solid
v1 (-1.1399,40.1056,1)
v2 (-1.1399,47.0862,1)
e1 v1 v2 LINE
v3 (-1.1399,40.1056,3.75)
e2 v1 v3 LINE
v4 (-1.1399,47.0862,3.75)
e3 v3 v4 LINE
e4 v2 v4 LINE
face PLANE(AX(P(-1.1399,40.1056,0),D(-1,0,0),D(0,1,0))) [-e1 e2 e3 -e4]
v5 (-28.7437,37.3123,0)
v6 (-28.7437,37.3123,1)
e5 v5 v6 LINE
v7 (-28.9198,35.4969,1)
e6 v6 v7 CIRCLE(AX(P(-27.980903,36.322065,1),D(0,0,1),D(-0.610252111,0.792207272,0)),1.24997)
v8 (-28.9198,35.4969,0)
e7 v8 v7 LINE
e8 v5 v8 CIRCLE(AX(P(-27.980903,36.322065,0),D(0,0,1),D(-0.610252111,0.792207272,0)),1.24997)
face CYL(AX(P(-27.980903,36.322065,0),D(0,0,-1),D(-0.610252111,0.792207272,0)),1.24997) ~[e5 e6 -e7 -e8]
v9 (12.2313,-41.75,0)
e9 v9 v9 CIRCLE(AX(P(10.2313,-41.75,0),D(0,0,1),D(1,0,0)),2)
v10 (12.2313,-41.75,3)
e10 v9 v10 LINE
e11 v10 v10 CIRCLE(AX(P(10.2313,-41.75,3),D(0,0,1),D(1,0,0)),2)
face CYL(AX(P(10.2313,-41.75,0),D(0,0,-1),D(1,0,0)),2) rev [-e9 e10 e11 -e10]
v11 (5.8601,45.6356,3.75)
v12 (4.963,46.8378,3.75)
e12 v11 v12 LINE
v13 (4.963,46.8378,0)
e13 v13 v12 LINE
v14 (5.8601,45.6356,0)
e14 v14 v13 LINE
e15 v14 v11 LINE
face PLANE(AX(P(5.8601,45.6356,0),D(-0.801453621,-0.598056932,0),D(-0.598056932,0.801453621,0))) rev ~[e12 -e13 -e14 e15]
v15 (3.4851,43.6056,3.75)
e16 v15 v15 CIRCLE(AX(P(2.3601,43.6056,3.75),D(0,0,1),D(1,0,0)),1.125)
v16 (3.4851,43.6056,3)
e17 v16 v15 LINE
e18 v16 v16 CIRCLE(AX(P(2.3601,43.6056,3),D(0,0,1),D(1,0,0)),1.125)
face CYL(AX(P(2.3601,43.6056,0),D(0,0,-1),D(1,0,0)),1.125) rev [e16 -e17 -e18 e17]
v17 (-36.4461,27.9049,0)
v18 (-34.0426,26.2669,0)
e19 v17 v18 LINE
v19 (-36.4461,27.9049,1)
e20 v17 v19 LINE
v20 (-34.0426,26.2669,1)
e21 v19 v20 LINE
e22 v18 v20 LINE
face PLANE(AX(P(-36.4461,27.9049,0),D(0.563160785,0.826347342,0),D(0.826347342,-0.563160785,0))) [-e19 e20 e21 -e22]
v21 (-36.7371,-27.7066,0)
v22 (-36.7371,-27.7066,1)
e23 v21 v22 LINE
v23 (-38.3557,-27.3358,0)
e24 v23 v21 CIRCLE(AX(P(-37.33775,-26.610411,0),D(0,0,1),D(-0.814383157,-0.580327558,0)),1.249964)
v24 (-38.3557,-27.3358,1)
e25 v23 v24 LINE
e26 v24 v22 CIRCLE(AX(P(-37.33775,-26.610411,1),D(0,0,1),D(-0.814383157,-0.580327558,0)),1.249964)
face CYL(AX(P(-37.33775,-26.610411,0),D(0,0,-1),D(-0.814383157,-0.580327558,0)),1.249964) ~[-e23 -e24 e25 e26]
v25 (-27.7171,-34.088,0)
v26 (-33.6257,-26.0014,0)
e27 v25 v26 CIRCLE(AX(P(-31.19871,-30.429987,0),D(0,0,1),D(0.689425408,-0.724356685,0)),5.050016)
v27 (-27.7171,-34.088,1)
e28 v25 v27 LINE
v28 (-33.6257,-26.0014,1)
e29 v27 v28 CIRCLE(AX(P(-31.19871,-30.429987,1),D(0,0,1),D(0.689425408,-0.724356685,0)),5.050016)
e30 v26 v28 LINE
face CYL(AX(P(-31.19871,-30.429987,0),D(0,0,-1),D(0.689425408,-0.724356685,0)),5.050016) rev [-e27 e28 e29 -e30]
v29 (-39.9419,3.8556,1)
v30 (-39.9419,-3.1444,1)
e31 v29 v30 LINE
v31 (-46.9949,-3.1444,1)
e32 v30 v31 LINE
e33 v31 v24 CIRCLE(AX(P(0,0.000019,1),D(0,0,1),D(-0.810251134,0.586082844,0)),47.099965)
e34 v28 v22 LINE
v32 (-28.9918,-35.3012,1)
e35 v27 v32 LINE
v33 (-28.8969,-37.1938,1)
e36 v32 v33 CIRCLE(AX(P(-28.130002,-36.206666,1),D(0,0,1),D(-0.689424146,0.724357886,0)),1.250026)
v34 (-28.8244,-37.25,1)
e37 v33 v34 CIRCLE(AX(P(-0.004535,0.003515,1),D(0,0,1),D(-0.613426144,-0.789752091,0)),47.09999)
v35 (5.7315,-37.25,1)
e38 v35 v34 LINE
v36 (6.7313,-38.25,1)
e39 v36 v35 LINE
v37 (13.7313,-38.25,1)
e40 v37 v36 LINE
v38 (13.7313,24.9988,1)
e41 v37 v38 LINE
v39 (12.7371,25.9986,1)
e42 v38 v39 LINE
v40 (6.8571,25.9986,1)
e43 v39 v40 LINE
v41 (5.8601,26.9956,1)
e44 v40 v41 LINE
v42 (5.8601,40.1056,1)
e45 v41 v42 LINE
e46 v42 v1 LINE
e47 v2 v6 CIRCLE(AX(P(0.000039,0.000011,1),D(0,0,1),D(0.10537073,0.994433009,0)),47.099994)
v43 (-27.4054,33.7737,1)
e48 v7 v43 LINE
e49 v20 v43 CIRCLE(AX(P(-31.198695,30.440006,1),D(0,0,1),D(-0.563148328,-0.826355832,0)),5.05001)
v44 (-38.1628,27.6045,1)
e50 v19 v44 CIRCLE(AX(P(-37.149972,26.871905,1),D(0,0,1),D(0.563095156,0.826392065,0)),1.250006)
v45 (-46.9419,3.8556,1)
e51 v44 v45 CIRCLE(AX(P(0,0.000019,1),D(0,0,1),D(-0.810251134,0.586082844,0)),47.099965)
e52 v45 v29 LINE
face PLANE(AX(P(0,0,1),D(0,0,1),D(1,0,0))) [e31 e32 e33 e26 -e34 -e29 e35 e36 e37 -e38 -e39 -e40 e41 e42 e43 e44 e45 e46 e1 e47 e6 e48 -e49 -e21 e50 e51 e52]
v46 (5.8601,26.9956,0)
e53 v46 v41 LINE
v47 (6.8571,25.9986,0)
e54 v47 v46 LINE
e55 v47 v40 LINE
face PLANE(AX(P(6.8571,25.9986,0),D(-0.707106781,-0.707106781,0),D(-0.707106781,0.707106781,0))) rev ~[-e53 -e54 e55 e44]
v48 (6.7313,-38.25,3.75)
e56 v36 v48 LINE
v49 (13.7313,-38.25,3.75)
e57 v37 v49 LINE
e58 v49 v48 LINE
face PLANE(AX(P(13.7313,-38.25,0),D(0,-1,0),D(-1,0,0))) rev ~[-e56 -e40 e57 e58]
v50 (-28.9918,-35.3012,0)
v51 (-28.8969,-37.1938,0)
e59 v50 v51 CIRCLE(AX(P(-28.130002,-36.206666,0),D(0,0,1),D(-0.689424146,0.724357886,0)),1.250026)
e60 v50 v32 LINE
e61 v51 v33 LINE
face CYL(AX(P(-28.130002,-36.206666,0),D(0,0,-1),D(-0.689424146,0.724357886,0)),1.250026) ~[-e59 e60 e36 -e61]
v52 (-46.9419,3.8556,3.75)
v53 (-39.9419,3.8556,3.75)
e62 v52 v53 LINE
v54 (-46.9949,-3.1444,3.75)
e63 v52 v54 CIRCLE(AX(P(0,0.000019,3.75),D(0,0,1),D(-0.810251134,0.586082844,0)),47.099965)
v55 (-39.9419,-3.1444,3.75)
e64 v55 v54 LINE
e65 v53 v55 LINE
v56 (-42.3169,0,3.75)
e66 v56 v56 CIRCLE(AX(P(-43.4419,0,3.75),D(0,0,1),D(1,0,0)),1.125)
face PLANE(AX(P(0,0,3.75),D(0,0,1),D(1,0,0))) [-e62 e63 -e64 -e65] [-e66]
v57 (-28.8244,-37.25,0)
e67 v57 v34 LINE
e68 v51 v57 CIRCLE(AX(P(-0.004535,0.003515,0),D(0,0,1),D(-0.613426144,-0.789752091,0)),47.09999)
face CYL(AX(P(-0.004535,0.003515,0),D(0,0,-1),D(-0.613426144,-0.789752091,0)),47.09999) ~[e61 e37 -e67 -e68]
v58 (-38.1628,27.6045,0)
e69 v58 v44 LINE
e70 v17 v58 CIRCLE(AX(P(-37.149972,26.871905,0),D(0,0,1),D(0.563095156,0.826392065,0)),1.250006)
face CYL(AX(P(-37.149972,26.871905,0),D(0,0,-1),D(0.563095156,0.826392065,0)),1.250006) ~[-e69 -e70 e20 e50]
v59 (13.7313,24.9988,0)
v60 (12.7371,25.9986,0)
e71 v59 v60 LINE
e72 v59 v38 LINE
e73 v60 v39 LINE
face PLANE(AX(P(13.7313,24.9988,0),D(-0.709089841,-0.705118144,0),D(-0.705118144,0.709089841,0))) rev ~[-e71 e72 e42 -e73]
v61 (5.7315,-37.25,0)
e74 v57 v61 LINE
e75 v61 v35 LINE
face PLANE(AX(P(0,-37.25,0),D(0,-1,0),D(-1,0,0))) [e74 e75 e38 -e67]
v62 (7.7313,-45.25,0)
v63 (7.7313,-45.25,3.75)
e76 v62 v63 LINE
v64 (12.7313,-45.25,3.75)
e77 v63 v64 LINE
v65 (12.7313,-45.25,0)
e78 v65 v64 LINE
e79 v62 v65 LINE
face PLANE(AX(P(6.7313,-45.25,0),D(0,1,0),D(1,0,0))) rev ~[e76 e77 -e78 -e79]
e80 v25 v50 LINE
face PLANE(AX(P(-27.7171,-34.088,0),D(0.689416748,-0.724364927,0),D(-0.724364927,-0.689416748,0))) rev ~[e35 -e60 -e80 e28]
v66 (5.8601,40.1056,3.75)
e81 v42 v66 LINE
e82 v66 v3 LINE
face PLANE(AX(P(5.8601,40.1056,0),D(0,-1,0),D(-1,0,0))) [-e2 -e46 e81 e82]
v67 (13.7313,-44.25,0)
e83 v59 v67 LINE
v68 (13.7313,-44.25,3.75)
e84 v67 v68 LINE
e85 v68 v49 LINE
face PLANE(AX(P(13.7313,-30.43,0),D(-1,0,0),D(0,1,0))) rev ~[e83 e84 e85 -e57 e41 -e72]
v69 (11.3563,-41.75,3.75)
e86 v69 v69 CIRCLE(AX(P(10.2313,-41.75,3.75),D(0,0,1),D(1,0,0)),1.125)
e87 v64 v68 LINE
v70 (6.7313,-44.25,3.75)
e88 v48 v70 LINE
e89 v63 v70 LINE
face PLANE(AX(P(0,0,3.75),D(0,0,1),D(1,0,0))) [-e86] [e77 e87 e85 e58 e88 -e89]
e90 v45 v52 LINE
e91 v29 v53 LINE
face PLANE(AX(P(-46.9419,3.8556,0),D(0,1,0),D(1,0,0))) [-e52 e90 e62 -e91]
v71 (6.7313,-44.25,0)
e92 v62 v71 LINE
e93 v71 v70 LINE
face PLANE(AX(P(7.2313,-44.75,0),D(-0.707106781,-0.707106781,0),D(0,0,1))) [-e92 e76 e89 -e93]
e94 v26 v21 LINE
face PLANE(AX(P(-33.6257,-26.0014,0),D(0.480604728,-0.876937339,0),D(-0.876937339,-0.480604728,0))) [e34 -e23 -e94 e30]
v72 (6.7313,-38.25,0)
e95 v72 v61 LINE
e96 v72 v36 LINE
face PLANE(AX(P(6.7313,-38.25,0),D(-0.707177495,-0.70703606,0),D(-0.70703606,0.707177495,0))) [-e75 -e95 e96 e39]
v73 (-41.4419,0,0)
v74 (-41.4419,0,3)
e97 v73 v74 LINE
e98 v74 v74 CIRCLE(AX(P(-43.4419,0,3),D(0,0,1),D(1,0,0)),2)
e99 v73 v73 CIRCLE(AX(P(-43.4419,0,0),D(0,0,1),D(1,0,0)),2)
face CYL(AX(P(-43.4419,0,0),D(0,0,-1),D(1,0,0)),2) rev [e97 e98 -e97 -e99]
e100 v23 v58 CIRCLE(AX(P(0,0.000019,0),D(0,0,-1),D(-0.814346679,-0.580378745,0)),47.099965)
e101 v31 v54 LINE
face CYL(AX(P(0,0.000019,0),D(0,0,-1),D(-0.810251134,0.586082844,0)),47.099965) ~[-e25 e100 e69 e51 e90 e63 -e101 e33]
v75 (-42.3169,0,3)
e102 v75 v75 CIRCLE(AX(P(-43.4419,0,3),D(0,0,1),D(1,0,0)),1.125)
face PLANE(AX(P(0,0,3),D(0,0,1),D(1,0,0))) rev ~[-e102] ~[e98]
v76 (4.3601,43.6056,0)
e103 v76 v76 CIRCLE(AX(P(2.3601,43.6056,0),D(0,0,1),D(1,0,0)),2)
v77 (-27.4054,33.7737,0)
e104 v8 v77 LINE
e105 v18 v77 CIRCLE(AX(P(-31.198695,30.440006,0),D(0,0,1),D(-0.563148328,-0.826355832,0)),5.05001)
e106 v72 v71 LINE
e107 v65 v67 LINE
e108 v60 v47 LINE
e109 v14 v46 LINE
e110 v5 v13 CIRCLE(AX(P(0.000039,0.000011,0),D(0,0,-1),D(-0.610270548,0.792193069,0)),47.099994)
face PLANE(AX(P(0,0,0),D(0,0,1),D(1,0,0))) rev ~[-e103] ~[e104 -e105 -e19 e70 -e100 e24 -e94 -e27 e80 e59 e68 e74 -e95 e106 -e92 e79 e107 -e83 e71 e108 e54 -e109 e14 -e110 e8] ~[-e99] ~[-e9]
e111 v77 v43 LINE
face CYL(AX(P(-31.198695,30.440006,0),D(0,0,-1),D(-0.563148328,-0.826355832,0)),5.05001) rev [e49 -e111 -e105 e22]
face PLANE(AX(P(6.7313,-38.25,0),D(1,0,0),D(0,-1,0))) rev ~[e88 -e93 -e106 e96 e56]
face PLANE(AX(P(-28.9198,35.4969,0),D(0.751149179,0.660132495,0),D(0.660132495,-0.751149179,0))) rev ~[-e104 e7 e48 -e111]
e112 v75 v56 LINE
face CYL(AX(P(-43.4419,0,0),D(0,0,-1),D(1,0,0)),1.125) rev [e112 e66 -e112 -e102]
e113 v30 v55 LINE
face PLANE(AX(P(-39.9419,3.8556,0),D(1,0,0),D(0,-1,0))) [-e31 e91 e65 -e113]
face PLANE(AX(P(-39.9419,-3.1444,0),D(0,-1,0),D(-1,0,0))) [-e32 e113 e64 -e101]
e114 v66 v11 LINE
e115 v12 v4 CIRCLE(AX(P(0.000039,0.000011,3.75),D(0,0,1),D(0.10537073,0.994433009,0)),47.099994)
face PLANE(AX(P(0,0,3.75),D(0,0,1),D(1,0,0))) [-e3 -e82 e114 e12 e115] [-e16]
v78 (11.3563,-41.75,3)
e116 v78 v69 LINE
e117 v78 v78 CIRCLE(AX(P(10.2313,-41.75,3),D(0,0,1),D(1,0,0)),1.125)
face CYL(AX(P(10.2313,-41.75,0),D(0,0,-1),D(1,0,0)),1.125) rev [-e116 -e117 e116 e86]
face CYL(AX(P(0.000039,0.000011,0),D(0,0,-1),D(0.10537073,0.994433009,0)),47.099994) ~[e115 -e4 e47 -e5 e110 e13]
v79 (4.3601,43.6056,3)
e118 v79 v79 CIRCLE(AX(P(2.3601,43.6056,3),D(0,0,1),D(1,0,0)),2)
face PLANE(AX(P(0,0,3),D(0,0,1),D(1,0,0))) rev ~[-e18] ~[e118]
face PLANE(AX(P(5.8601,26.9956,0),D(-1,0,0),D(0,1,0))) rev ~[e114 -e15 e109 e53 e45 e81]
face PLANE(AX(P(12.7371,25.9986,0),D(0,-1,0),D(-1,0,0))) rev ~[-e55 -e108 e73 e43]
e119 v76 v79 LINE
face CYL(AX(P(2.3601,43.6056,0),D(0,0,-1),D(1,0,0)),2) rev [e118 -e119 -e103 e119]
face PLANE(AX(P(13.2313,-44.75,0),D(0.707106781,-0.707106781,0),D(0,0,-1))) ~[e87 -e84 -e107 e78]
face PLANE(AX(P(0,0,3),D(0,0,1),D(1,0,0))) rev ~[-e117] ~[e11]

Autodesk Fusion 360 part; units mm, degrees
sketch "Esboço1" plane through (0, 0, 0) normal (0, 0, 1) x (1, 0, 0)
  line L0 (0, -37.25) -> (5.7315, -37.25)
  line L1 (0, -37.25) -> (-28.8244, -37.25)
  line L2 (13.7313, -37.25) -> (13.7313, -38.25)
  line L3 (13.7313, -38.25) -> (6.7313, -38.25)
  line L4 (6.7313, -38.25) -> (5.7315, -37.2502)
  line L5 (-33.6257, -26.0014) -> (-36.7371, -27.7066)
  line L6 (-27.7171, -34.088) -> (-28.9918, -35.3012)
  arc A0 (-31.1987, -35.48) -> (-30.9824, -35.4754) centre (-31.1987, -30.43) ccw
  arc A1 (-27.7171, -34.088) -> (-33.6257, -26.0014) centre (-31.1987, -30.43) ccw
  arc A2 (-31.1987, -35.2853) -> (-30.9824, -35.4754) centre (0, 0) ccw
  arc A3 (-28.8969, -37.1938) -> (-28.8244, -37.25) centre (0, 0) ccw
  arc A4 (-28.9918, -35.3012) -> (-28.8969, -37.1938) centre (-28.13, -36.2067) ccw
  arc A5 (-38.3557, -27.3358) -> (-36.7371, -27.7066) centre (-37.3378, -26.6104) ccw
  line L7 (13.7313, -45.25) -> (13.7313, -37.25)
  line L8 (13.7313, -30.43) -> (13.7313, 24.9988)
  line L9 (5.7315, -37.2502) -> (5.7315, -37.25)
  line L10 (13.7313, -37.25) -> (13.7313, -30.43)
  line L11 (6.7313, -38.25) -> (6.7313, -45.25)
  line L12 (6.7313, -45.25) -> (13.7313, -45.25)
  arc A6 (-34.0426, 26.2669) -> (-27.4054, 33.7737) centre (-31.1987, 30.44) ccw
  line L13 (-28.9198, 35.4969) -> (-27.4054, 33.7737)
  line L14 (-36.4461, 27.9049) -> (-34.0426, 26.2669)
  arc A7 (4.963, 46.8378) -> (-28.7437, 37.3123) centre (0, 0) ccw
  arc A8 (-38.1628, 27.6045) -> (-38.3557, -27.3358) centre (0, 0) ccw
  arc A9 (-28.7437, 37.3123) -> (-28.9198, 35.4969) centre (-27.9809, 36.3221) ccw
  arc A10 (-36.4461, 27.9049) -> (-38.1628, 27.6045) centre (-37.15, 26.8719) ccw
  line L15 (13.7313, 24.9988) -> (12.7371, 25.9986)
  line L16 (12.7371, 25.9986) -> (6.8571, 25.9986)
  line L17 (6.8571, 25.9986) -> (5.8601, 26.9956)
  line L18 (5.8601, 26.9956) -> (5.8601, 45.6356)
  line L19 (5.8601, 45.6356) -> (4.963, 46.8378)
  line L20 (5.8601, 40.1056) -> (-1.1399, 40.1056)
  line L21 (-1.1399, 40.1056) -> (-1.1399, 47.0862)
  line L22 (-46.9419, 3.8556) -> (-39.9419, 3.8556)
  line L23 (-39.9419, 3.8556) -> (-39.9419, -3.1444)
  line L24 (-39.9419, -3.1444) -> (-46.9949, -3.1444)
  circle A11 centre (-43.4419, 0) radius 2
  circle A12 centre (-43.4419, 0) radius 1.125
  circle A13 centre (10.2313, -41.75) radius 2
  circle A14 centre (10.2313, -41.75) radius 1.125
  circle A15 centre (2.3601, 43.6056) radius 2
  circle A16 centre (2.3601, 43.6056) radius 1.125
  dimension "d1" = 94.2
  dimension "d3" = 37.25
  dimension "d5" = 1
  dimension "d6" = 7
  dimension "d7" = 1.414
  dimension "d8" = 135
  dimension "d9" = 44.93
  dimension "d11" = 10.1
  dimension "d12" = 1.25
  dimension "d13" = 1.25
  dimension "d14" = 7
  dimension "d16" = 60.87
  dimension "d17" = 10.1
  dimension "d18" = 1.25
  dimension "d19" = 1.25
  dimension "d21" = 1.41
  dimension "d22" = 5.88
  dimension "d23" = 1.41
  dimension "d24" = 135
  dimension "d25" = 18.64
  dimension "d26" = 1.5
  dimension "d28" = 7
  dimension "d30" = 7
  dimension "d31" = 7
  dimension "d32" = 7.053
  dimension "d34" = 4
  dimension "d35" = 2.25
  dimension "d38" = 4
  dimension "d39" = 2.25
  dimension "d41" = 4
  dimension "d42" = 2.25
extrude "Extrusão1" add sketch "Esboço1" along normal blind 1 contours L0 L1 L2 L3 L4 L5 L6 A1 A3 A4 A5 L7 L8 L10 A6 L13 L14 A7 A8 A9 A10 L15 L16 L17 L18 L20 L21 L22 L23 L24
extrude "Extrusão2" add sketch "Esboço1" along normal blind 3.75 contours A8 L22 L23 L24 | A11
extrude "Extrusão3" cut sketch "Esboço1" along normal blind 3 contours A11
extrude "Extrusão4" add sketch "Esboço1" along normal blind 3.75 contours L3 L7 L11 L12 | A13
extrude "Extrusão5" cut sketch "Esboço1" along normal blind 3 contours A13
extrude "Extrusão6" add sketch "Esboço1" along normal blind 3.75 contours A7 L18 L19 L20 L21 | A15
extrude "Extrusão7" cut sketch "Esboço1" along normal blind 3 contours A15
chamfer "Chanfro1" distance 1 angle 45 1 edges at (13.7313, -45.25, 1.875)
chamfer "Chanfro2" distance 1 angle 45 1 edges at (6.7313, -45.25, 1.875)
equation "d1 = ( 47.1 * 2 ) * 1 mm"
